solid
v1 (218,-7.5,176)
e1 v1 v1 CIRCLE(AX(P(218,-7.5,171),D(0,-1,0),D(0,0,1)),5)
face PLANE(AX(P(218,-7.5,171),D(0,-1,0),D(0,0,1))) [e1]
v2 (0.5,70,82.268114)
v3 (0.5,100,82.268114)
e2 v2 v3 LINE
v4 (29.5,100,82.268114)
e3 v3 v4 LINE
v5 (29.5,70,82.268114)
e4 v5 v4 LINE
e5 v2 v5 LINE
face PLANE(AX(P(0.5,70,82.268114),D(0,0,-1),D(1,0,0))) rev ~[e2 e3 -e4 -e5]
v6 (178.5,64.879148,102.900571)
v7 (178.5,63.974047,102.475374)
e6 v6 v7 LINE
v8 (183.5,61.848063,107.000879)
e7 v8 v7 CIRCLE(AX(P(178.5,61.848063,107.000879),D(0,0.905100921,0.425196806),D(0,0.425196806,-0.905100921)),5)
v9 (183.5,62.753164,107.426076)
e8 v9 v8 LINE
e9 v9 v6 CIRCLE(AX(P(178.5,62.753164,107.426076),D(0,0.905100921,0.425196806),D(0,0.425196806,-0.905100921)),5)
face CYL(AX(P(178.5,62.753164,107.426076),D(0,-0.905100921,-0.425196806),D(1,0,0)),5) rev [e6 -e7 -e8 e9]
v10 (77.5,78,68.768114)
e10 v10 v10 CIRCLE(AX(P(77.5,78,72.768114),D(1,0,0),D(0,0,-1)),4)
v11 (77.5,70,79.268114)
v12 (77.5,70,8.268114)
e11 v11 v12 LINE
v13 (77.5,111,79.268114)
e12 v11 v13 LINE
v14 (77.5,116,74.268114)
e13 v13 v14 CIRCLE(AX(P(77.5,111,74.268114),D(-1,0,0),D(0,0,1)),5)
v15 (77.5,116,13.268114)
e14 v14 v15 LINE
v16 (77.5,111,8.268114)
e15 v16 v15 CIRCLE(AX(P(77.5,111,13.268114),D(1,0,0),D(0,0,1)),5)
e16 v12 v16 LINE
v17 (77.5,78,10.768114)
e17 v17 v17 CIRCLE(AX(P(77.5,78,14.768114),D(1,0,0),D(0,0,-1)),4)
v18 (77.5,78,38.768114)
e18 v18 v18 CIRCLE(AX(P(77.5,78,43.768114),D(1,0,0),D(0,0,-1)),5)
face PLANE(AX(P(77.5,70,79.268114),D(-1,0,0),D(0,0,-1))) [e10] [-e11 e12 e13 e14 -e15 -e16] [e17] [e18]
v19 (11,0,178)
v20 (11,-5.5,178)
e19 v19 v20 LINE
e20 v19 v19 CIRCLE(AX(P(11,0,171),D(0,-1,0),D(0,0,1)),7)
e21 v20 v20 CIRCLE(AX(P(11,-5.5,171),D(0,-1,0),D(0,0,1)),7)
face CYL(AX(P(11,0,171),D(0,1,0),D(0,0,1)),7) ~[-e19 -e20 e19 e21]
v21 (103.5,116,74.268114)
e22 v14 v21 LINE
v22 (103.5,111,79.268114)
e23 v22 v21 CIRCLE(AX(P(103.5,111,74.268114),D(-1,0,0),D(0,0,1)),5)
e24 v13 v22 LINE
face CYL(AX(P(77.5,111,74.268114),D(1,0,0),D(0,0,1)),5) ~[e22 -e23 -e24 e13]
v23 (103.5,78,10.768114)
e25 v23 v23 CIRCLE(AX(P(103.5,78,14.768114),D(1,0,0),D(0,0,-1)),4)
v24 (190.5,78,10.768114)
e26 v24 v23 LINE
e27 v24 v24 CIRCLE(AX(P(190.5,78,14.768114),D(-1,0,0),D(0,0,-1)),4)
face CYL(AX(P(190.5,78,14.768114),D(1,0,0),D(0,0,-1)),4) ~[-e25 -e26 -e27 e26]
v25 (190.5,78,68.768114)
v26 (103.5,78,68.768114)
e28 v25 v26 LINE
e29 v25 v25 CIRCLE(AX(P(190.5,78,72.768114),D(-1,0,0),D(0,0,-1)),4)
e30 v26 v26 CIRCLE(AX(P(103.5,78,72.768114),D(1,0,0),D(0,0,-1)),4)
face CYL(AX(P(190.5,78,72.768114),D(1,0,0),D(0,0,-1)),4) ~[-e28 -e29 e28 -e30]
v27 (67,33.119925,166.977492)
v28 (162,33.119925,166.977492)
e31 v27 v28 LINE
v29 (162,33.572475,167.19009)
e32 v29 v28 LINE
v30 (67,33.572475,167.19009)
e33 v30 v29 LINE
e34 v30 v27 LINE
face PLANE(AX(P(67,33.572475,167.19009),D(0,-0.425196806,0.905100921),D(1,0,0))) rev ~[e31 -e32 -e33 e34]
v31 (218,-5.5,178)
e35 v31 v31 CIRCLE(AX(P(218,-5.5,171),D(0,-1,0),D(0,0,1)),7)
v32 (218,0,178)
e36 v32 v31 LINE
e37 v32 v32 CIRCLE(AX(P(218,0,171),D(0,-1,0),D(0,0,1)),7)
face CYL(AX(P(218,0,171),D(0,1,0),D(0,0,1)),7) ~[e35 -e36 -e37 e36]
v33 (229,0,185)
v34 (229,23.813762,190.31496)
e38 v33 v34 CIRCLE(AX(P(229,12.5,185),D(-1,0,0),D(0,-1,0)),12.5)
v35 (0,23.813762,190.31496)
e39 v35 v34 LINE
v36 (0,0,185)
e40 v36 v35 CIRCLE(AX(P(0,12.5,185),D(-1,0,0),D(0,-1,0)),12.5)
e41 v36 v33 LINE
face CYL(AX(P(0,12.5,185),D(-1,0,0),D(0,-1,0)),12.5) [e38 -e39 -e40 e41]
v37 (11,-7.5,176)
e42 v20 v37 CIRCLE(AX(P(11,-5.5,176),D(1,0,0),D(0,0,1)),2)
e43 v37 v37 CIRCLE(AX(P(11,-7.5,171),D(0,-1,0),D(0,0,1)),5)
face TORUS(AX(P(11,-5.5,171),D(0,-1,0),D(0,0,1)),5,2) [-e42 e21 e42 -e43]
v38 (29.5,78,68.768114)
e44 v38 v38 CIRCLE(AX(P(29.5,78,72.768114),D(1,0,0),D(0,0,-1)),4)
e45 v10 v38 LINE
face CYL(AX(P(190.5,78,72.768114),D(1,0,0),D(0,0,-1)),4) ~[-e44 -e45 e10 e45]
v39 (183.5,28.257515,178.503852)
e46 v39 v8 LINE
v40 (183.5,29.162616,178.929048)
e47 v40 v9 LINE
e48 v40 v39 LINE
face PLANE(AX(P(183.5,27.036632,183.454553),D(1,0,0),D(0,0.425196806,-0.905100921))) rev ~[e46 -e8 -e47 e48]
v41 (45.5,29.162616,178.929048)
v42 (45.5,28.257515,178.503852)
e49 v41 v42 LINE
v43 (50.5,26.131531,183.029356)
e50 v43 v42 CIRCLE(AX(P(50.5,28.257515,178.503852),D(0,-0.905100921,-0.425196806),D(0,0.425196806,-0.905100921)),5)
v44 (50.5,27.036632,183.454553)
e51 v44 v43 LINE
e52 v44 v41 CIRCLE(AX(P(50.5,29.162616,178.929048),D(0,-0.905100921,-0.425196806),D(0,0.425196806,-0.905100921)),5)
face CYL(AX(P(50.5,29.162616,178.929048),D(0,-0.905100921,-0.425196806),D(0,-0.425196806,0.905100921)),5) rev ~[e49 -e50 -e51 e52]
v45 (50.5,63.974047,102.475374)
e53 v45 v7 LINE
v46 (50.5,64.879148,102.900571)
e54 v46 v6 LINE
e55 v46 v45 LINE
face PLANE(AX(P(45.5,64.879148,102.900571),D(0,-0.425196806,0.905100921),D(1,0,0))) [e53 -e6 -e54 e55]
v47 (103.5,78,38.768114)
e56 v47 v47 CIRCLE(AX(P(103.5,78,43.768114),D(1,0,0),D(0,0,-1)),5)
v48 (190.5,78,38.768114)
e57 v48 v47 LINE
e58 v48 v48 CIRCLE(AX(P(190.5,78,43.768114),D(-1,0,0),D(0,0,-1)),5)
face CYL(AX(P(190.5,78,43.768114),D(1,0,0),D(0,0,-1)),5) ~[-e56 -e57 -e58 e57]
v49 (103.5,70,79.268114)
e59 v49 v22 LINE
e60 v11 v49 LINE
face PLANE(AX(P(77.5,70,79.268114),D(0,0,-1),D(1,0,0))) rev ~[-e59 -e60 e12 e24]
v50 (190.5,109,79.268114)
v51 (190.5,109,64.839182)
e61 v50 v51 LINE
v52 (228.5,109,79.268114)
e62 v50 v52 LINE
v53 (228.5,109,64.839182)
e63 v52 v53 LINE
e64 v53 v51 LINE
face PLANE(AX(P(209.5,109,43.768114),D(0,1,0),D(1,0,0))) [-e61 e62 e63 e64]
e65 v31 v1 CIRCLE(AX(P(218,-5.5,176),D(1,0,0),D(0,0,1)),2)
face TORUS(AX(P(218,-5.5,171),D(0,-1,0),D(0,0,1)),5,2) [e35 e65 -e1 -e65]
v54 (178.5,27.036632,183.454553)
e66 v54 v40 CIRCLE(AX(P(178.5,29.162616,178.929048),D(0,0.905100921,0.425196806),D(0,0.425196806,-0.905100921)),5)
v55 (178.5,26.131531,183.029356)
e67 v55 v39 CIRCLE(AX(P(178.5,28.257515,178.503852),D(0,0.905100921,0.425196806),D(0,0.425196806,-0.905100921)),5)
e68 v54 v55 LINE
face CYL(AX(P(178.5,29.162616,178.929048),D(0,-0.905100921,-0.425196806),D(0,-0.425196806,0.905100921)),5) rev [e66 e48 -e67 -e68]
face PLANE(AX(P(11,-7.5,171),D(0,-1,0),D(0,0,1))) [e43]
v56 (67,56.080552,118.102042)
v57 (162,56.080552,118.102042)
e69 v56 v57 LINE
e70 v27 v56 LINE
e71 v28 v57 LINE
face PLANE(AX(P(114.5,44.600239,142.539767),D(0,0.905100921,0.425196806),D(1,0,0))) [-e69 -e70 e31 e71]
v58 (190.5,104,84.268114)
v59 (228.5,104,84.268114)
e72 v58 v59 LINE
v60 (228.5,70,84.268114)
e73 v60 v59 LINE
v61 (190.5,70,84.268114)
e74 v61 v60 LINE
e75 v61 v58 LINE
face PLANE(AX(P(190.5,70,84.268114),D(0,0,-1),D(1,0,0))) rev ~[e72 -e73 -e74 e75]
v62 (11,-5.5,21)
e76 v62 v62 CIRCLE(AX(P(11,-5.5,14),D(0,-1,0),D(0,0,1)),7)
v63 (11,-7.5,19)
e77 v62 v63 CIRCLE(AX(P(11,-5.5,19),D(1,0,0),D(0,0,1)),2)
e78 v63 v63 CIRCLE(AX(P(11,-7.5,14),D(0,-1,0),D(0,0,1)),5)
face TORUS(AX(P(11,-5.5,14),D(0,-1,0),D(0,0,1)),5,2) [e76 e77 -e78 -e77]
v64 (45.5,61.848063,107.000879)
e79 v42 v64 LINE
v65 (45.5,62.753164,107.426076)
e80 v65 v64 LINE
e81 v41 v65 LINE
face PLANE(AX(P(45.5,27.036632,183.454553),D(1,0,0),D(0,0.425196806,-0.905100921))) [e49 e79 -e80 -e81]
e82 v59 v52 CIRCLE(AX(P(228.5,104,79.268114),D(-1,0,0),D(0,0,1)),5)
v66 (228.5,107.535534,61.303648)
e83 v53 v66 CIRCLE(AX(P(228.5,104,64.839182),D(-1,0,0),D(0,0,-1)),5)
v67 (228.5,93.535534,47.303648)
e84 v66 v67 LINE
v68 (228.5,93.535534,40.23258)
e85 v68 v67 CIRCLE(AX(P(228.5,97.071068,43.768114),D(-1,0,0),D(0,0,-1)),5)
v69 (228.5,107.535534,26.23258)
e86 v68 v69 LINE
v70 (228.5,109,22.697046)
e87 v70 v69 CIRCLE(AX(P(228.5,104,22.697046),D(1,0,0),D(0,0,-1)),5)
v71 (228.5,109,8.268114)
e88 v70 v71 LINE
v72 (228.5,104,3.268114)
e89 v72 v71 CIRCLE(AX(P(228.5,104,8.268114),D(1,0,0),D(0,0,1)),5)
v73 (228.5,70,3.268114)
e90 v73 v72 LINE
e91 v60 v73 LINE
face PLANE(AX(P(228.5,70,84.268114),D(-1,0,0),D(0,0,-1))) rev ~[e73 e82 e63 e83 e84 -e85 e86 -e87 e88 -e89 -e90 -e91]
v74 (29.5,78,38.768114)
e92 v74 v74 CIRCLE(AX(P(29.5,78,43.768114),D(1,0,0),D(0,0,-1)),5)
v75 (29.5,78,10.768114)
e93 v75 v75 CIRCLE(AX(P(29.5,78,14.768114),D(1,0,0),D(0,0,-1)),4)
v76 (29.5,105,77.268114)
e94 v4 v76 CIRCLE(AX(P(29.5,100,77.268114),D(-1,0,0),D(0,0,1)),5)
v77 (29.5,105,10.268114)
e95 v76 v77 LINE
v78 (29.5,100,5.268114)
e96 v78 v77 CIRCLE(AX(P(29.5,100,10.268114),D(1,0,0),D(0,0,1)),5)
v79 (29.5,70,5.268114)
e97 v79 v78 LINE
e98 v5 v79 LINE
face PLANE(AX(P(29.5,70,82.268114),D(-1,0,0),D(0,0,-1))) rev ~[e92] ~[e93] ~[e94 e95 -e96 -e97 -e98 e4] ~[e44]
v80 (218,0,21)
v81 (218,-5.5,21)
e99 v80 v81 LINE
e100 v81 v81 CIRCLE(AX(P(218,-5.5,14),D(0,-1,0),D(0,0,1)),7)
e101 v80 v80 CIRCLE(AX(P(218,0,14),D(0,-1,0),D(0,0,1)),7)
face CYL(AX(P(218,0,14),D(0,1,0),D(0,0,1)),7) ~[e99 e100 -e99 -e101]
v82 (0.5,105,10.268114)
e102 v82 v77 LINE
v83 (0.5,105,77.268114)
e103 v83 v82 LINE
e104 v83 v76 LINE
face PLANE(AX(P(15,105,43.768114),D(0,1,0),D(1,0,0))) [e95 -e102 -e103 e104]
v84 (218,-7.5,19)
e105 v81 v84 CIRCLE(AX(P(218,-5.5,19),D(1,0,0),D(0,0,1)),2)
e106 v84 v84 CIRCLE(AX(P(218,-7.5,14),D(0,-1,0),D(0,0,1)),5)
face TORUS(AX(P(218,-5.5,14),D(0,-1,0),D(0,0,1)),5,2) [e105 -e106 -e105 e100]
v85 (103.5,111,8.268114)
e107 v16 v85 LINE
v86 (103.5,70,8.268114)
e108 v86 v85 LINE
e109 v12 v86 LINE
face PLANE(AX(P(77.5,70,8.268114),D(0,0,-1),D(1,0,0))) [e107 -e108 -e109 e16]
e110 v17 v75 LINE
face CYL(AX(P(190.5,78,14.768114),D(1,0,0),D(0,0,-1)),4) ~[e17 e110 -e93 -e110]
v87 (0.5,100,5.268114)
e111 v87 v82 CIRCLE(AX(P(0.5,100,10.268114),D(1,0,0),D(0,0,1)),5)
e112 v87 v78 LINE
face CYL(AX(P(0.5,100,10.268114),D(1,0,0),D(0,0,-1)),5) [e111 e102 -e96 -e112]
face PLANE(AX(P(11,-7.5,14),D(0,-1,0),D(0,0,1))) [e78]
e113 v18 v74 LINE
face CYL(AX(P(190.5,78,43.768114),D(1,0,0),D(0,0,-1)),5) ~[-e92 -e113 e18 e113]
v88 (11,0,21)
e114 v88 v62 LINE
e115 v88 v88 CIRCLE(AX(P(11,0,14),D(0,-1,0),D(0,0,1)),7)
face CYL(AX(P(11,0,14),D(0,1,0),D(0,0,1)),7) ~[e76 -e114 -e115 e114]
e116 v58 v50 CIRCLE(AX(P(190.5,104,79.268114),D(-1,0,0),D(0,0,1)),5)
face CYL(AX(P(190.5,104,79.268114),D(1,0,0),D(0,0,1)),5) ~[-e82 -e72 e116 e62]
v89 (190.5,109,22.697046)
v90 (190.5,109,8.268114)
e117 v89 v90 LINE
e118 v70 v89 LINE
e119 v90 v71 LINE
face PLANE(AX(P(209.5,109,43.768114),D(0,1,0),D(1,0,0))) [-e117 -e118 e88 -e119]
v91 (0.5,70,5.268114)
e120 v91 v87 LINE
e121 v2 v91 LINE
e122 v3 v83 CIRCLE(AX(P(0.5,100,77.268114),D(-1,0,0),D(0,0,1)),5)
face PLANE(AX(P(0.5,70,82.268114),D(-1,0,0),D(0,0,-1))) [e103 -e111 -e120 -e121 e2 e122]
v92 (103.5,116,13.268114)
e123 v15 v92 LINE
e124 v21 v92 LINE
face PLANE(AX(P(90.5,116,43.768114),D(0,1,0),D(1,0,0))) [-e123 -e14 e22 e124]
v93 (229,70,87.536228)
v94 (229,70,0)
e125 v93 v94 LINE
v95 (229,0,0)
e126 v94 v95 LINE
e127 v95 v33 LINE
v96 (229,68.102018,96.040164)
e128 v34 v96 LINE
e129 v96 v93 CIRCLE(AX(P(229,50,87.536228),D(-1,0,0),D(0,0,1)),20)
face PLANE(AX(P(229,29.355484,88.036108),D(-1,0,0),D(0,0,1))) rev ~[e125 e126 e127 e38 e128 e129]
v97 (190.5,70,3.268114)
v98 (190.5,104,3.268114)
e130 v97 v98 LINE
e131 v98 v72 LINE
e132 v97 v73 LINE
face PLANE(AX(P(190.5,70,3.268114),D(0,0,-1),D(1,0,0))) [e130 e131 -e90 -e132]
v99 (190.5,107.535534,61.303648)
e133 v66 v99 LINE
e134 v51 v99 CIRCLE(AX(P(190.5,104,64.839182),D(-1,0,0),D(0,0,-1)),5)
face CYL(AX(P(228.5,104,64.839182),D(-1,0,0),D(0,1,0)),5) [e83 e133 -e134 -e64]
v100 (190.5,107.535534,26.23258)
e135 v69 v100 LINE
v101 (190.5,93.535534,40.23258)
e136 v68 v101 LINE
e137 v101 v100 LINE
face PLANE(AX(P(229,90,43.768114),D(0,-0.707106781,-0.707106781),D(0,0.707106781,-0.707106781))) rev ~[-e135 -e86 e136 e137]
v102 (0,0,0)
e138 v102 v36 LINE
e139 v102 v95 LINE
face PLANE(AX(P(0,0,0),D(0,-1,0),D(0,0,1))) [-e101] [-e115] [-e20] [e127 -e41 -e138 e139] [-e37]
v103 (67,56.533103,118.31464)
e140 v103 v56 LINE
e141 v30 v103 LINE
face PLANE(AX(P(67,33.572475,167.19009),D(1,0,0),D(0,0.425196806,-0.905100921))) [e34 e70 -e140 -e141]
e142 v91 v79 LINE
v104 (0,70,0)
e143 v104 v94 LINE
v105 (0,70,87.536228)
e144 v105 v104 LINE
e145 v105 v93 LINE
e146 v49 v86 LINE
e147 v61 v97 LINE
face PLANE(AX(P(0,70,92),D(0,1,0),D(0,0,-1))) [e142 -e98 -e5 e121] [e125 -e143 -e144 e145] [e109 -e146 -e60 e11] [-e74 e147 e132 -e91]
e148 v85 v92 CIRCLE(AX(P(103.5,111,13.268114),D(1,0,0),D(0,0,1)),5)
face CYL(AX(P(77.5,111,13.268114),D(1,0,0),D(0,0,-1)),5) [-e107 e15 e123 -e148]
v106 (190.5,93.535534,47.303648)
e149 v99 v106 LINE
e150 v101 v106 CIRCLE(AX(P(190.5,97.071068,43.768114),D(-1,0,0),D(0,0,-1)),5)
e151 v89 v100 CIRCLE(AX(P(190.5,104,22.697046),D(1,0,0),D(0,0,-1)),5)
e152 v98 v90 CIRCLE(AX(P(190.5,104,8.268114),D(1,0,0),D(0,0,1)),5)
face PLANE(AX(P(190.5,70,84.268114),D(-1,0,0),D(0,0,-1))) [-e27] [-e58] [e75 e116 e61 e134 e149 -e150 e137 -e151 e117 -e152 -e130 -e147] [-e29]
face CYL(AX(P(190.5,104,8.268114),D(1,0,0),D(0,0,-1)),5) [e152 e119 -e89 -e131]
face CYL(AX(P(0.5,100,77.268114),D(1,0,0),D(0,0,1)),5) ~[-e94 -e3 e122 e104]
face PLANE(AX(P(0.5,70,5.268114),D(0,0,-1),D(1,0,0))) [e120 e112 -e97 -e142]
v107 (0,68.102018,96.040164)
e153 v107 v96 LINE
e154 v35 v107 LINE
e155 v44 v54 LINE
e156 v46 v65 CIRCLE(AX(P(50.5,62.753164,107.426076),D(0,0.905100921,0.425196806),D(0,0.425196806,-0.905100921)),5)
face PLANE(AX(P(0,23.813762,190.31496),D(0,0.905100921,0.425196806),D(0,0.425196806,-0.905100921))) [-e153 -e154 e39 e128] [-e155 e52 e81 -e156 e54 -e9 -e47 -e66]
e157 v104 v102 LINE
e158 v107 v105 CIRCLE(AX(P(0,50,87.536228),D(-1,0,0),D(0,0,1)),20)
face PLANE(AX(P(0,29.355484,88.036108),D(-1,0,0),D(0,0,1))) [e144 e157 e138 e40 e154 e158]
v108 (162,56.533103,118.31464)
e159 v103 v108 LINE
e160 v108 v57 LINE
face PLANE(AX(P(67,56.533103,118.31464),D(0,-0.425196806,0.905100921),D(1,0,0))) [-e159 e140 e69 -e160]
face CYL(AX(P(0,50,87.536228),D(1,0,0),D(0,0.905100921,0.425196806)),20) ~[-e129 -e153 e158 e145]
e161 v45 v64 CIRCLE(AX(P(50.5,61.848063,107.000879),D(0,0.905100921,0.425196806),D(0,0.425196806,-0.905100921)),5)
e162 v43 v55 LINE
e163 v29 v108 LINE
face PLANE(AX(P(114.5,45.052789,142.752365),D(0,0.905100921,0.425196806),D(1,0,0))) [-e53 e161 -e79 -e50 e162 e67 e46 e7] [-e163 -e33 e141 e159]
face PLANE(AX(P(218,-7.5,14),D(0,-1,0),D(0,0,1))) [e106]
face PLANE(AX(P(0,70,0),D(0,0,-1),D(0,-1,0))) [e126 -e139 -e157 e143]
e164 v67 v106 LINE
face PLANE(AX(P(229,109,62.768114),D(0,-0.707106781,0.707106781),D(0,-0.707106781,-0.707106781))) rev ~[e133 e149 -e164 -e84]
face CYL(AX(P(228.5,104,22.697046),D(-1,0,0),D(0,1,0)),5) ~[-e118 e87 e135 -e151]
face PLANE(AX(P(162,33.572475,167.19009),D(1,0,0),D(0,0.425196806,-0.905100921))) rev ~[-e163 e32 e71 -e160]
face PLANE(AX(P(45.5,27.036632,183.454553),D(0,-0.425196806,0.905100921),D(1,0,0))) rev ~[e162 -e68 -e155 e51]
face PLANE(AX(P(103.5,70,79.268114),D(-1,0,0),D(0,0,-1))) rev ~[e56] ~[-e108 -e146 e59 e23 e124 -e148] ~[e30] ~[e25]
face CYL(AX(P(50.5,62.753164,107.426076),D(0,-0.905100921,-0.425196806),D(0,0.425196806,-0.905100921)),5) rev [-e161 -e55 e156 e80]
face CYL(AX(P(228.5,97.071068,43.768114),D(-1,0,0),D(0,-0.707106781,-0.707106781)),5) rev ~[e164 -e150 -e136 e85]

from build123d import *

# Parameters (mm, degrees)
BOSS_EXTRUDE1_DEPTH = 229
FILLET1_R           = 20
SKETCH2_W           = 138
SKETCH2_H           = 89
CUT_EXTRUDE1_DEPTH  = 1
FILLET2_R           = 5
SKETCH3_W           = 29
SKETCH3_H           = 77
BOSS_EXTRUDE2_DEPTH = 35
FILLET3_R           = 5
SKETCH4_W           = 38
SKETCH4_H           = 81
BOSS_EXTRUDE3_DEPTH = 39
CUT_EXTRUDE2_REACH  = 323.447
FILLET4_R           = 5
SKETCH6_W           = 26
SKETCH6_H           = 71
BOSS_EXTRUDE4_DEPTH = 46
FILLET5_R           = 5
BOSS_EXTRUDE5_REACH = 299.914
SKETCH7_R           = 4
SKETCH7_R_2         = 5
SKETCH8_W           = 95
SKETCH8_H           = 54
CUT_EXTRUDE3_DEPTH  = 0.5
SKETCH9_R           = 7
BOSS_EXTRUDE6_DEPTH = 7.5
FILLET6_R           = 2


with BuildPart() as part:
    # Sketch1 → Boss-Extrude1 (new body)
    with BuildSketch(Plane(origin=(0, 0, 0), x_dir=(0, 0, -1), z_dir=(1, 0, 0))):
        with BuildLine():
            Line((0, 0), (-185, 0))
            ThreePointArc((-185, 0), (-197.19983645, 9.777135593), (-190.314960072, 23.813761507))
            Line((-190.314960072, 23.813761507), (-92, 70))
            Line((-92, 70), (0, 70))
            Line((0, 70), (0, 0))
        make_face()
    extrude(amount=BOSS_EXTRUDE1_DEPTH)

    # Fillet1
    fillet1_edges = [part.edges().sort_by_distance(p)[0] for p in [
        (114.5, 70, 92),
    ]]
    fillet(fillet1_edges, radius=FILLET1_R)

    # Sketch2 → Cut-Extrude1 (cut)
    with BuildSketch(Plane(origin=(0, 92.750371214, 43.572115191), x_dir=(1, 0, 0), z_dir=(0, 0.9051009205620354, 0.42519680572383906))):
        with Locations((114.5, -110.048995253)):
            Rectangle(SKETCH2_W, SKETCH2_H)
    extrude(amount=-CUT_EXTRUDE1_DEPTH, mode=Mode.SUBTRACT)

    # Fillet2
    fillet2_edges = [part.edges().sort_by_distance(p)[0] for p in [
        (45.5, 26.584081644, 183.241954664),
        (45.5, 64.426597354, 102.687972734),
        (183.5, 64.426597354, 102.687972734),
        (183.5, 26.584081644, 183.241954664),
    ]]
    fillet(fillet2_edges, radius=FILLET2_R)

    # Sketch3 → Boss-Extrude2 (add)
    with BuildSketch(Plane(origin=(0, 70, 0), x_dir=(1, 0, 0), z_dir=(0, 1, 0))):
        with Locations((15, -43.768114008)):
            Rectangle(SKETCH3_W, SKETCH3_H)
    extrude(amount=BOSS_EXTRUDE2_DEPTH)

    # Fillet3
    fillet3_edges = [part.edges().sort_by_distance(p)[0] for p in [
        (15, 105, 5.268114008),
        (15, 105, 82.268114008),
    ]]
    fillet(fillet3_edges, radius=FILLET3_R)

    # Sketch4 → Boss-Extrude3 (add)
    with BuildSketch(Plane(origin=(0, 70, 0), x_dir=(1, 0, 0), z_dir=(0, 1, 0))):
        with Locations((209.5, -43.768114008)):
            Rectangle(SKETCH4_W, SKETCH4_H)
    extrude(amount=BOSS_EXTRUDE3_DEPTH)

    # Sketch5 → Cut-Extrude2 (cut, up to next)
    with BuildSketch(Plane(origin=(229, 0, 0), x_dir=(0, 0, -1), z_dir=(1, 0, 0)), mode=Mode.PRIVATE) as cut_extrude2_sk1:
        Polygon((-62.768114008, 109), (-43.768114008, 90), (-24.768114008, 109), align=None)
    cut_extrude2_tool1 = extrude(cut_extrude2_sk1.sketch, amount=-CUT_EXTRUDE2_REACH, mode=Mode.PRIVATE) & part.part
    add(cut_extrude2_tool1.solids().sort_by_distance((229, 102.666667, 43.768114))[0], mode=Mode.SUBTRACT)

    # Fillet4
    fillet4_edges = [part.edges().sort_by_distance(p)[0] for p in [
        (209.5, 90, 43.768114008),
        (209.5, 109, 24.768114008),
        (209.5, 109, 62.768114008),
        (209.5, 109, 3.268114008),
        (209.5, 109, 84.268114008),
    ]]
    fillet(fillet4_edges, radius=FILLET4_R)

    # Sketch6 → Boss-Extrude4 (add)
    with BuildSketch(Plane(origin=(0, 70, 0), x_dir=(1, 0, 0), z_dir=(0, 1, 0))):
        with Locations((90.5, -43.768114008)):
            Rectangle(SKETCH6_W, SKETCH6_H)
    extrude(amount=BOSS_EXTRUDE4_DEPTH)

    # Fillet5
    fillet5_edges = [part.edges().sort_by_distance(p)[0] for p in [
        (90.5, 116, 8.268114008),
        (90.5, 116, 79.268114008),
    ]]
    fillet(fillet5_edges, radius=FILLET5_R)

    # Boss-Extrude5: up to this face of the body (flat: up to its plane)
    boss_extrude5_end = Plane(part.part.faces().sort_by_distance((29.5, 87.434510008, 43.768114008))[0])
    # Sketch7 → Boss-Extrude5 (add, up to the picked face)
    with BuildSketch(Plane.ZY.offset(-190.5), mode=Mode.PRIVATE) as boss_extrude5_sk1:
        with Locations(Location((14.768114008, 78, 0), (0, 0, 180))):
            Circle(SKETCH7_R)
    boss_extrude5_tool1 = split(extrude(boss_extrude5_sk1.sketch, amount=BOSS_EXTRUDE5_REACH, mode=Mode.PRIVATE), bisect_by=boss_extrude5_end, keep=Keep.BOTH, mode=Mode.PRIVATE)
    # Sketch7 → Boss-Extrude5 (add, up to the picked face)
    with BuildSketch(Plane.ZY.offset(-190.5), mode=Mode.PRIVATE) as boss_extrude5_sk2:
        with Locations(Location((43.768114008, 78, 0), (0, 0, 180))):
            Circle(SKETCH7_R_2)
    boss_extrude5_tool2 = split(extrude(boss_extrude5_sk2.sketch, amount=BOSS_EXTRUDE5_REACH, mode=Mode.PRIVATE), bisect_by=boss_extrude5_end, keep=Keep.BOTH, mode=Mode.PRIVATE)
    # Sketch7 → Boss-Extrude5 (add, up to the picked face)
    with BuildSketch(Plane.ZY.offset(-190.5), mode=Mode.PRIVATE) as boss_extrude5_sk3:
        with Locations(Location((72.768114008, 78, 0), (0, 0, 180))):
            Circle(SKETCH7_R)
    boss_extrude5_tool3 = split(extrude(boss_extrude5_sk3.sketch, amount=BOSS_EXTRUDE5_REACH, mode=Mode.PRIVATE), bisect_by=boss_extrude5_end, keep=Keep.BOTH, mode=Mode.PRIVATE)
    add(boss_extrude5_tool1.solids().sort_by(Axis((190.5, 78, 14.768114), (-1, 0, 0)))[0])
    add(boss_extrude5_tool2.solids().sort_by(Axis((190.5, 78, 43.768114), (-1, 0, 0)))[0])
    add(boss_extrude5_tool3.solids().sort_by(Axis((190.5, 78, 72.768114), (-1, 0, 0)))[0])

    # Sketch8 → Cut-Extrude3 (cut)
    with BuildSketch(Plane(origin=(0, 91.845270293, 43.146918385), x_dir=(1, 0, 0), z_dir=(0, 0.9051009205620354, 0.425196805723839))):
        with Locations((114.5, -110.048995253)):
            Rectangle(SKETCH8_W, SKETCH8_H)
    extrude(amount=-CUT_EXTRUDE3_DEPTH, mode=Mode.SUBTRACT)

    # Sketch9 → Boss-Extrude6 (add)
    with BuildSketch(Plane(origin=(0, 0, 0), x_dir=(-1, 0, 0), z_dir=(0, -1, 0))):
        with Locations(Location((-11, -171, 0), (0, 0, 270))):
            Circle(SKETCH9_R)
        with Locations(Location((-11, -14, 0), (0, 0, 270))):
            Circle(SKETCH9_R)
        with Locations(Location((-218, -171, 0), (0, 0, 270))):
            Circle(SKETCH9_R)
        with Locations(Location((-218, -14, 0), (0, 0, 270))):
            Circle(SKETCH9_R)
    extrude(amount=BOSS_EXTRUDE6_DEPTH)

    # Fillet6
    fillet6_edges = [part.edges().sort_by_distance(p)[0] for p in [
        (218, -7.5, 7),
        (218, -7.5, 164),
        (11, -7.5, 164),
        (11, -7.5, 7),
    ]]
    fillet(fillet6_edges, radius=FILLET6_R)


solid = part.part
